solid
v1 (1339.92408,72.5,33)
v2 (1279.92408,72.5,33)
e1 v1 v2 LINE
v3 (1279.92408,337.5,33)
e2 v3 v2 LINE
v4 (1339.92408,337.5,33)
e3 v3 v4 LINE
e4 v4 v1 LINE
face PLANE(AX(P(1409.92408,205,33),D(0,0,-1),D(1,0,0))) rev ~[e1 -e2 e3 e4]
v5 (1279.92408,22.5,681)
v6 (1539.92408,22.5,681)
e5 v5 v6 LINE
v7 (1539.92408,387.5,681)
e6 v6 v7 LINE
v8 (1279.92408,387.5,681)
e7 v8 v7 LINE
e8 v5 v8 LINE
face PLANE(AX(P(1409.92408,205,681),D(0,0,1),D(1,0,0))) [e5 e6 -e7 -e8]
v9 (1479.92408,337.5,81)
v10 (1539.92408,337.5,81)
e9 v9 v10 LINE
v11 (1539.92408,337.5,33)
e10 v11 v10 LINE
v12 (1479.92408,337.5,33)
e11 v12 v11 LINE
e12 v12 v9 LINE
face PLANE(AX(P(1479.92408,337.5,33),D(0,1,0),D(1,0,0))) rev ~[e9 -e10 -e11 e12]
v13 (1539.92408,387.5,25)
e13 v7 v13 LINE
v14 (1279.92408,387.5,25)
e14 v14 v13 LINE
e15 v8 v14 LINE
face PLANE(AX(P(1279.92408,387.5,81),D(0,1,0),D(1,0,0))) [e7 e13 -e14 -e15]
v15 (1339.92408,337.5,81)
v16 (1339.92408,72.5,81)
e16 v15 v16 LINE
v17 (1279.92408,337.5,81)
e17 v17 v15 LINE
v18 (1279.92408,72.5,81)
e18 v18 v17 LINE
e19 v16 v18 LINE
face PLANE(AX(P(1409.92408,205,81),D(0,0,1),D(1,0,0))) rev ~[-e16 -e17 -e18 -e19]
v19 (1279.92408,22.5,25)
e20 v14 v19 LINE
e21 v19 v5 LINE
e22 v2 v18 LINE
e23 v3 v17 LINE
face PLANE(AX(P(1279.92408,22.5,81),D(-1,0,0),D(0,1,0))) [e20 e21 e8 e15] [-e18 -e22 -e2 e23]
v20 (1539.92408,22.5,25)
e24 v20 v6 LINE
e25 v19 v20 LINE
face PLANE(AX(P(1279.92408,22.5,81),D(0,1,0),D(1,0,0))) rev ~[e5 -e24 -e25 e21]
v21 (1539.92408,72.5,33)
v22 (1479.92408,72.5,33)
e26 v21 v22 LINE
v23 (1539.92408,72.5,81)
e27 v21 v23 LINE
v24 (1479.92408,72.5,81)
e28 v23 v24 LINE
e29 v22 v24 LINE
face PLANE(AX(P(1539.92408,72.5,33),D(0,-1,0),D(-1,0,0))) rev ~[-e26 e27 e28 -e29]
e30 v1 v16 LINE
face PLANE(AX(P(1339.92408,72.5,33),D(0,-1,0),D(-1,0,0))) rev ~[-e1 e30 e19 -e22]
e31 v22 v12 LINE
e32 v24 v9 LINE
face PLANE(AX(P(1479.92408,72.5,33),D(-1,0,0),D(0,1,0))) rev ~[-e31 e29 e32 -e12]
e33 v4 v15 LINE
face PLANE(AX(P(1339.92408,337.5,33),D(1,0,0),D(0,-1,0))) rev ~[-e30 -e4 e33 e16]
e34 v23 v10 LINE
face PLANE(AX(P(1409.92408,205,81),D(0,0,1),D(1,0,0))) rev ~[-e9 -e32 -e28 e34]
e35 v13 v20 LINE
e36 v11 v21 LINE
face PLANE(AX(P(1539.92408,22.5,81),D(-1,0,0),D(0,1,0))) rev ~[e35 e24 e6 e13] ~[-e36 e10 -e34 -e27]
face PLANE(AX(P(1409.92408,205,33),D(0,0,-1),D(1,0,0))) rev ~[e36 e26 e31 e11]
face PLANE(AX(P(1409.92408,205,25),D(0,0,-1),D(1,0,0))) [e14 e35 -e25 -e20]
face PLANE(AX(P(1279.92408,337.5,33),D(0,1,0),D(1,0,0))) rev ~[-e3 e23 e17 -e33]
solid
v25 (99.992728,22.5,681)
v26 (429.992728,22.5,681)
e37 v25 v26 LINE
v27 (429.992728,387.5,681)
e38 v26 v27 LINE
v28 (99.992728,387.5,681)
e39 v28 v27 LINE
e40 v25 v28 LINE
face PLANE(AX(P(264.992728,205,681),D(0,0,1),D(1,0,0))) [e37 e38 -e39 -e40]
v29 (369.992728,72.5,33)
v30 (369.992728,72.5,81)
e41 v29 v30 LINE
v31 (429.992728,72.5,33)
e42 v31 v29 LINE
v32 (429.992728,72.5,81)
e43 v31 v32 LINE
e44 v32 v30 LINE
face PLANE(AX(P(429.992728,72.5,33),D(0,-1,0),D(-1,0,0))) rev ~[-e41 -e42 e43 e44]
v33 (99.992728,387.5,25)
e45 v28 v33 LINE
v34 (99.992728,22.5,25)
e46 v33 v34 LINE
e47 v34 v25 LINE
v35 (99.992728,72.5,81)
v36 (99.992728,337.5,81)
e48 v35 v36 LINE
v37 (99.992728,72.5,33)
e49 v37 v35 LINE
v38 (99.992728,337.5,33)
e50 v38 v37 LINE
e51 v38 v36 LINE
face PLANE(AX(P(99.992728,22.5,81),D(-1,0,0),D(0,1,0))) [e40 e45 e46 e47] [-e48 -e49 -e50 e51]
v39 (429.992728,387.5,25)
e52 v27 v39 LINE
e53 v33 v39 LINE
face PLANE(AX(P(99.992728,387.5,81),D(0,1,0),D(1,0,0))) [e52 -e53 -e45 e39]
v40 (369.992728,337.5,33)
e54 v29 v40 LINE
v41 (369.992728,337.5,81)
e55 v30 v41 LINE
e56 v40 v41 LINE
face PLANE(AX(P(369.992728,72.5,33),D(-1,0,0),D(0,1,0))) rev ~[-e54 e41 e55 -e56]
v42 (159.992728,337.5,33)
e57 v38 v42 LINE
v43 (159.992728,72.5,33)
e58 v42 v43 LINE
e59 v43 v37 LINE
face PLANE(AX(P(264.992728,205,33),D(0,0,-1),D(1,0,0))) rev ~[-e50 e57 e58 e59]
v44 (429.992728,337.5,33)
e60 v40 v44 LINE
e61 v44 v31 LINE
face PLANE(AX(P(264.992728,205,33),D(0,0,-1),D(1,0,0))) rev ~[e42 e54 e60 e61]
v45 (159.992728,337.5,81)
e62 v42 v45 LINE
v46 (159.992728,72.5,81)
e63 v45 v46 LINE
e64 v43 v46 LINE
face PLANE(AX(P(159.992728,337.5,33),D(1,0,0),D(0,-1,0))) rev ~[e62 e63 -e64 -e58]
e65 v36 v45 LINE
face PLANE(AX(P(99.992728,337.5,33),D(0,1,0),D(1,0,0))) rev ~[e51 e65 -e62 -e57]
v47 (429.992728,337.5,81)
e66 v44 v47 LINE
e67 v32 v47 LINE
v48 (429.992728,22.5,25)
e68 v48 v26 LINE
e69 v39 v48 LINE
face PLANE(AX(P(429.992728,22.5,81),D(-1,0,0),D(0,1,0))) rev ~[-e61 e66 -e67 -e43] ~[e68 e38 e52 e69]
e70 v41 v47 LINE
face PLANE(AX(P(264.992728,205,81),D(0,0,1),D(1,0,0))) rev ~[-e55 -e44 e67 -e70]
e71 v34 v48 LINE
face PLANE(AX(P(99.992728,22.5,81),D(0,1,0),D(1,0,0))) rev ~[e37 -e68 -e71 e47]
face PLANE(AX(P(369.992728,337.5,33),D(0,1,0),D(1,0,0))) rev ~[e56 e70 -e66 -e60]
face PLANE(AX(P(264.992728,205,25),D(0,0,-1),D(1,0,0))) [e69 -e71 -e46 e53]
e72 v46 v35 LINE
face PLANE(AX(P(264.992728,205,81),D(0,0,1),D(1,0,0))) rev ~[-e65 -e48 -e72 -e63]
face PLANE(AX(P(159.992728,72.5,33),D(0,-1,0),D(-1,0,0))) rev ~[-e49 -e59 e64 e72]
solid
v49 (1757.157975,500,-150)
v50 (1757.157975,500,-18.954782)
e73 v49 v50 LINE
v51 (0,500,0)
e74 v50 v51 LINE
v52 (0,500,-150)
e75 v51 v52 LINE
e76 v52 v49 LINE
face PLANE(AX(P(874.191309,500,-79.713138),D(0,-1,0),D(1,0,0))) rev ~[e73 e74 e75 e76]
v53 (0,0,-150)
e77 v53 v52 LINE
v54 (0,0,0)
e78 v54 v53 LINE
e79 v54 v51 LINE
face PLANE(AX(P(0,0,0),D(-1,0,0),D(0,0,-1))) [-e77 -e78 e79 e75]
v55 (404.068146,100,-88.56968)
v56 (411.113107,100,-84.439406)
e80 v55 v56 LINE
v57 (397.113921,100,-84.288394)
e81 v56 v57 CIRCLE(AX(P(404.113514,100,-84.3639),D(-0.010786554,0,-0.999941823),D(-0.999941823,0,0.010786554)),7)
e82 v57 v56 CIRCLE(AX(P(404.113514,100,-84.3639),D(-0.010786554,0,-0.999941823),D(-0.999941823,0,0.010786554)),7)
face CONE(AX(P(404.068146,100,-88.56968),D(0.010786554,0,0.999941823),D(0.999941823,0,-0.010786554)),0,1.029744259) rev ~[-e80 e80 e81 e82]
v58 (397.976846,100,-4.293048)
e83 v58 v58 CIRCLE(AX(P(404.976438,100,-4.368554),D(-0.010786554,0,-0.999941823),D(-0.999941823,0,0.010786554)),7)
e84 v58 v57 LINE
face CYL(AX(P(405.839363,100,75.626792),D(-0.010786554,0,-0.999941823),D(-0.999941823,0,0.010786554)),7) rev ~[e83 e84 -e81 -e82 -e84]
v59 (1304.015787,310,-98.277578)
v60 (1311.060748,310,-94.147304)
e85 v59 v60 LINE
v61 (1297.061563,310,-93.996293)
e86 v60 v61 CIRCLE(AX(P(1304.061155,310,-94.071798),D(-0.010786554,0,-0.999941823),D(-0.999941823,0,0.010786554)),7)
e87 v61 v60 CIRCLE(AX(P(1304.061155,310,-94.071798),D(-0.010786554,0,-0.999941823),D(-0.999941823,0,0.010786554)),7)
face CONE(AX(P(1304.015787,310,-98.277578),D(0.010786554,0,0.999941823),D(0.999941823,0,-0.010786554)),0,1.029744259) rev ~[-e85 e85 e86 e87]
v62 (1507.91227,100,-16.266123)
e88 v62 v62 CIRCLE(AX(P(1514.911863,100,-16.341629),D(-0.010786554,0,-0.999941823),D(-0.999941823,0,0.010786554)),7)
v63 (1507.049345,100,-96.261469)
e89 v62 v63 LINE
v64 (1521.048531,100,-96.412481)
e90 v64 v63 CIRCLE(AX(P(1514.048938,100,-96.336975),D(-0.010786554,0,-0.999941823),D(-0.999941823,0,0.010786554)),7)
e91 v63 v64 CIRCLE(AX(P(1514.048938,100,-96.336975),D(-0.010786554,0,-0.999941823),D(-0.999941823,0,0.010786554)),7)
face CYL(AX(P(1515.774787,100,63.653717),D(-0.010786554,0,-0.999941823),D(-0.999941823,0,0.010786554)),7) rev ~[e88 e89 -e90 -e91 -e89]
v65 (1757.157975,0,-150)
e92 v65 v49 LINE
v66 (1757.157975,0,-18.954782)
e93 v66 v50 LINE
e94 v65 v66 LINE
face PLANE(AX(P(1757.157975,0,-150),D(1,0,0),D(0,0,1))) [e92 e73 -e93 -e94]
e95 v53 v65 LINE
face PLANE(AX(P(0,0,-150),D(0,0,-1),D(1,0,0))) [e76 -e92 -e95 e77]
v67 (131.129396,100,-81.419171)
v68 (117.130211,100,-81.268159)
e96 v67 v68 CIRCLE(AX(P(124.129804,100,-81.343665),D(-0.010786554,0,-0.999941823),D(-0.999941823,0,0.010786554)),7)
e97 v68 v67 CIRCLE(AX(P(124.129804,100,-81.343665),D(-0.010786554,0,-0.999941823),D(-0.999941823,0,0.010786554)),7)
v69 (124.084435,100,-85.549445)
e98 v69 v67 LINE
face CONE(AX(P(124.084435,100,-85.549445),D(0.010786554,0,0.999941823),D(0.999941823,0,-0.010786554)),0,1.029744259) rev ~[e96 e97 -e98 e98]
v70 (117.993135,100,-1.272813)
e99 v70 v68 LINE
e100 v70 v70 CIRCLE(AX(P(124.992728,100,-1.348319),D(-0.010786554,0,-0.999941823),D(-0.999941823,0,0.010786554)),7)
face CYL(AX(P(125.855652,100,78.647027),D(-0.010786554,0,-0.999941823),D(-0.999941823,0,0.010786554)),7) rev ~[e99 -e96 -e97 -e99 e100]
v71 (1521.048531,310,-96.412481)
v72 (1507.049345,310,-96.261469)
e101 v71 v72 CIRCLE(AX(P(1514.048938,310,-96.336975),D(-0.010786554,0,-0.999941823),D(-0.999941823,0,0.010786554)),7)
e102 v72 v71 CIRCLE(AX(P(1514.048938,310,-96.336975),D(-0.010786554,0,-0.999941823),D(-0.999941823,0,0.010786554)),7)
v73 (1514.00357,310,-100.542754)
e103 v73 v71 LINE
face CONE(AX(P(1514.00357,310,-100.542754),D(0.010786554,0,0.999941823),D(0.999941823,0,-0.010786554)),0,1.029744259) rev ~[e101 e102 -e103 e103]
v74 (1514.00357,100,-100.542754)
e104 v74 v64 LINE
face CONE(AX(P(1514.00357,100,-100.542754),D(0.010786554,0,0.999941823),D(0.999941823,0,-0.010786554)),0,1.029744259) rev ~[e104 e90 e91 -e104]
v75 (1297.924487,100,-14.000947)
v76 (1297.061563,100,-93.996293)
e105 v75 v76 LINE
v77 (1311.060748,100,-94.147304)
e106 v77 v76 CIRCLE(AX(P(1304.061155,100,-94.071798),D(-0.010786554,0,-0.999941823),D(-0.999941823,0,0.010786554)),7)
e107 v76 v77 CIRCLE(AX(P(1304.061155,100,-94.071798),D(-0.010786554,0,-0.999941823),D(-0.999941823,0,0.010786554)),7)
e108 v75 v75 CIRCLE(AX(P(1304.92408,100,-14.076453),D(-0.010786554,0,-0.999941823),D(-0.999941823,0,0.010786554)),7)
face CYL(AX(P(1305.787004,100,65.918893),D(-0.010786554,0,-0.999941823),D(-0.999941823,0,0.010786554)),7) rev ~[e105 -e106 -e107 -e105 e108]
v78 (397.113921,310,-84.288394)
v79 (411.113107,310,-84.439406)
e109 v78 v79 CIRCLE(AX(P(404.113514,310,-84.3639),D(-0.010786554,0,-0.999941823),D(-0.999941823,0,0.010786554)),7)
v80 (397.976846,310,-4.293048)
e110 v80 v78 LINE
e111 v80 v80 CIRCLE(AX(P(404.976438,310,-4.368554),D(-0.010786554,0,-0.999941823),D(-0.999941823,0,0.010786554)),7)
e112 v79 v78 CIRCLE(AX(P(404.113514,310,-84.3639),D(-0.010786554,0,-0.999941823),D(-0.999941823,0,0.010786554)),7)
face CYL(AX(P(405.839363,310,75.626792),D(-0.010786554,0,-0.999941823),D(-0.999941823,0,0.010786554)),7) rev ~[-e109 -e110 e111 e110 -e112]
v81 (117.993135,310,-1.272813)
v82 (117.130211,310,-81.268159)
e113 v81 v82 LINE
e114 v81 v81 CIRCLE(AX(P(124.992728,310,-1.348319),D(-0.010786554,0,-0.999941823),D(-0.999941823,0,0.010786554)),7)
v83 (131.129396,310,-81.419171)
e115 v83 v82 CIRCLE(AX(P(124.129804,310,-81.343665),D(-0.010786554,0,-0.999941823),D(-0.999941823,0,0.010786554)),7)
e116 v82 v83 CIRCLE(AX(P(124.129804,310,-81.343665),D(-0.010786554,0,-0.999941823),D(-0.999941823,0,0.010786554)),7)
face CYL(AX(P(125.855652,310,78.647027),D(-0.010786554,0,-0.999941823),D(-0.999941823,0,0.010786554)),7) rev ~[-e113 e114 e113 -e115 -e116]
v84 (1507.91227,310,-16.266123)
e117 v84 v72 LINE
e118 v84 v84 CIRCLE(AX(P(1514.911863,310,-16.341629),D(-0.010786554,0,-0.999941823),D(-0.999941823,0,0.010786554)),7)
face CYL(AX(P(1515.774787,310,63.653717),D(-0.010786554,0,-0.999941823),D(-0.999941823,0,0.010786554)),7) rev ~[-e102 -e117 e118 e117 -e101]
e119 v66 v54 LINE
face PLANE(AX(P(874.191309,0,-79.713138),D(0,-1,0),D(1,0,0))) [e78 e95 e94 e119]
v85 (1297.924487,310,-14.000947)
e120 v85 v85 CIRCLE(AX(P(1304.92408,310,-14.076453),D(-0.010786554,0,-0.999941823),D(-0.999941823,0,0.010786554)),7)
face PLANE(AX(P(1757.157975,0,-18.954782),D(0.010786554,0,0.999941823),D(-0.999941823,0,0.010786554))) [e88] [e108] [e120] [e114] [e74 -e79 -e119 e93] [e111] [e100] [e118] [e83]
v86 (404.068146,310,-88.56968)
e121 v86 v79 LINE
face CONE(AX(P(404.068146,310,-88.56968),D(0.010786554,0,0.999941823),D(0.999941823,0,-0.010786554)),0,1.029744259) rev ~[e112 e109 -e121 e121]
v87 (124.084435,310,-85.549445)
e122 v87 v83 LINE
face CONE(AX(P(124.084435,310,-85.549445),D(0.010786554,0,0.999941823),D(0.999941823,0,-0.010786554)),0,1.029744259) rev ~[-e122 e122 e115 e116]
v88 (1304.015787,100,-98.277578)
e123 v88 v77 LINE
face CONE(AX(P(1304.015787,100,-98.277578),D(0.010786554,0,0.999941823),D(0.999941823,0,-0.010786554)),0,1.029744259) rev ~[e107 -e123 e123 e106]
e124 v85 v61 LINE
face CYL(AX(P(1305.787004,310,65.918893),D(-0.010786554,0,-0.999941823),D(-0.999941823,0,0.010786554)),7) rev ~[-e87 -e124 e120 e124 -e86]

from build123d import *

# Parameters (mm, degrees)
F1_DEPTH  = 500
F3_D      = 14
F3_DEPTH  = 80
F3_TIP    = 4.2060243332
F5_W      = 330
F5_H      = 365
F6_DEPTH  = 8
F5_W_2    = 260
F9_DEPTH  = 48
F11_W     = 260
F11_H     = 365
F12_DEPTH = 600
F10_W     = 330
F10_H     = 365


with BuildPart() as f1:
    # F0 (on Front) → F1 (new body)
    with BuildSketch(Plane.XZ):
        Polygon((1757.1579754596, -18.9547816518), (0, 0), (0, -150), (1757.1579754596, -150), align=None)
    extrude(amount=-F1_DEPTH)

    # F3
    with Locations(Plane(origin=(0, 0, 0), x_dir=(0.9999418234, 0, -0.0107865537), z_dir=(0.0107865537, 0, 0.9999418234))):
        with Locations((125, 310), (125, 100), (405, 100), (405, 310), (1305, 100), (1515, 100), (1515, 310), (1305, 310)):
            Hole(F3_D / 2, depth=F3_DEPTH)
            with Locations((0, 0, -(F3_DEPTH + F3_TIP / 2))):  # 118° drill point
                Cone(0, F3_D / 2, F3_TIP, mode=Mode.SUBTRACT)


with BuildPart() as f6:
    # F5 (on offset) → F6 (new body)
    with BuildSketch(Plane(origin=(0, 0, 25), x_dir=(1, 0, 0), z_dir=(0, 0, -1))):
        with Locations((264.9927279296, -205)):
            Rectangle(F5_W, F5_H)
    extrude(amount=-F6_DEPTH)

    # F7 (on face) → F9, piece 2 (join)
    with BuildSketch(Plane.XY.offset(33)):
        Polygon((99.9927279296, 387.5), (99.9927279296, 337.5), (159.9927279296, 337.5), (159.9927279296, 72.5), (99.9927279296, 72.5), (99.9927279296, 22.5), (429.9927279296, 22.5), (429.9927279296, 72.5), (369.9927279296, 72.5), (369.9927279296, 337.5), (429.9927279296, 337.5), (429.9927279296, 387.5), align=None)
    extrude(amount=F9_DEPTH)

    # F10 (on face) → F12, piece 2 (join)
    with BuildSketch(Plane.XY.offset(81)):
        with Locations((264.9927279296, 205)):
            Rectangle(F10_W, F10_H)
    extrude(amount=F12_DEPTH)


with BuildPart() as f6b:
    # F5 (on offset) → F6, piece 2 (new body)
    with BuildSketch(Plane(origin=(0, 0, 25), x_dir=(1, 0, 0), z_dir=(0, 0, -1))):
        with Locations((1409.9240795853, -205)):
            Rectangle(F5_W_2, F5_H)
    extrude(amount=-F6_DEPTH)

    # F8 (on face) → F9 (join)
    with BuildSketch(Plane.XY.offset(33)):
        Polygon((1279.9240795853, 387.5), (1279.9240795853, 337.5), (1339.9240795853, 337.5), (1339.9240795853, 72.5), (1279.9240795853, 72.5), (1279.9240795853, 22.5), (1539.9240795853, 22.5), (1539.9240795853, 72.5), (1479.9240795853, 72.5), (1479.9240795853, 337.5), (1539.9240795853, 337.5), (1539.9240795853, 387.5), align=None)
    extrude(amount=F9_DEPTH)

    # F11 (on face) → F12 (join)
    with BuildSketch(Plane.XY.offset(81)):
        with Locations((1409.9240795853, 205)):
            Rectangle(F11_W, F11_H)
    extrude(amount=F12_DEPTH)


solid = Compound([f1.part, f6.part, f6b.part])
